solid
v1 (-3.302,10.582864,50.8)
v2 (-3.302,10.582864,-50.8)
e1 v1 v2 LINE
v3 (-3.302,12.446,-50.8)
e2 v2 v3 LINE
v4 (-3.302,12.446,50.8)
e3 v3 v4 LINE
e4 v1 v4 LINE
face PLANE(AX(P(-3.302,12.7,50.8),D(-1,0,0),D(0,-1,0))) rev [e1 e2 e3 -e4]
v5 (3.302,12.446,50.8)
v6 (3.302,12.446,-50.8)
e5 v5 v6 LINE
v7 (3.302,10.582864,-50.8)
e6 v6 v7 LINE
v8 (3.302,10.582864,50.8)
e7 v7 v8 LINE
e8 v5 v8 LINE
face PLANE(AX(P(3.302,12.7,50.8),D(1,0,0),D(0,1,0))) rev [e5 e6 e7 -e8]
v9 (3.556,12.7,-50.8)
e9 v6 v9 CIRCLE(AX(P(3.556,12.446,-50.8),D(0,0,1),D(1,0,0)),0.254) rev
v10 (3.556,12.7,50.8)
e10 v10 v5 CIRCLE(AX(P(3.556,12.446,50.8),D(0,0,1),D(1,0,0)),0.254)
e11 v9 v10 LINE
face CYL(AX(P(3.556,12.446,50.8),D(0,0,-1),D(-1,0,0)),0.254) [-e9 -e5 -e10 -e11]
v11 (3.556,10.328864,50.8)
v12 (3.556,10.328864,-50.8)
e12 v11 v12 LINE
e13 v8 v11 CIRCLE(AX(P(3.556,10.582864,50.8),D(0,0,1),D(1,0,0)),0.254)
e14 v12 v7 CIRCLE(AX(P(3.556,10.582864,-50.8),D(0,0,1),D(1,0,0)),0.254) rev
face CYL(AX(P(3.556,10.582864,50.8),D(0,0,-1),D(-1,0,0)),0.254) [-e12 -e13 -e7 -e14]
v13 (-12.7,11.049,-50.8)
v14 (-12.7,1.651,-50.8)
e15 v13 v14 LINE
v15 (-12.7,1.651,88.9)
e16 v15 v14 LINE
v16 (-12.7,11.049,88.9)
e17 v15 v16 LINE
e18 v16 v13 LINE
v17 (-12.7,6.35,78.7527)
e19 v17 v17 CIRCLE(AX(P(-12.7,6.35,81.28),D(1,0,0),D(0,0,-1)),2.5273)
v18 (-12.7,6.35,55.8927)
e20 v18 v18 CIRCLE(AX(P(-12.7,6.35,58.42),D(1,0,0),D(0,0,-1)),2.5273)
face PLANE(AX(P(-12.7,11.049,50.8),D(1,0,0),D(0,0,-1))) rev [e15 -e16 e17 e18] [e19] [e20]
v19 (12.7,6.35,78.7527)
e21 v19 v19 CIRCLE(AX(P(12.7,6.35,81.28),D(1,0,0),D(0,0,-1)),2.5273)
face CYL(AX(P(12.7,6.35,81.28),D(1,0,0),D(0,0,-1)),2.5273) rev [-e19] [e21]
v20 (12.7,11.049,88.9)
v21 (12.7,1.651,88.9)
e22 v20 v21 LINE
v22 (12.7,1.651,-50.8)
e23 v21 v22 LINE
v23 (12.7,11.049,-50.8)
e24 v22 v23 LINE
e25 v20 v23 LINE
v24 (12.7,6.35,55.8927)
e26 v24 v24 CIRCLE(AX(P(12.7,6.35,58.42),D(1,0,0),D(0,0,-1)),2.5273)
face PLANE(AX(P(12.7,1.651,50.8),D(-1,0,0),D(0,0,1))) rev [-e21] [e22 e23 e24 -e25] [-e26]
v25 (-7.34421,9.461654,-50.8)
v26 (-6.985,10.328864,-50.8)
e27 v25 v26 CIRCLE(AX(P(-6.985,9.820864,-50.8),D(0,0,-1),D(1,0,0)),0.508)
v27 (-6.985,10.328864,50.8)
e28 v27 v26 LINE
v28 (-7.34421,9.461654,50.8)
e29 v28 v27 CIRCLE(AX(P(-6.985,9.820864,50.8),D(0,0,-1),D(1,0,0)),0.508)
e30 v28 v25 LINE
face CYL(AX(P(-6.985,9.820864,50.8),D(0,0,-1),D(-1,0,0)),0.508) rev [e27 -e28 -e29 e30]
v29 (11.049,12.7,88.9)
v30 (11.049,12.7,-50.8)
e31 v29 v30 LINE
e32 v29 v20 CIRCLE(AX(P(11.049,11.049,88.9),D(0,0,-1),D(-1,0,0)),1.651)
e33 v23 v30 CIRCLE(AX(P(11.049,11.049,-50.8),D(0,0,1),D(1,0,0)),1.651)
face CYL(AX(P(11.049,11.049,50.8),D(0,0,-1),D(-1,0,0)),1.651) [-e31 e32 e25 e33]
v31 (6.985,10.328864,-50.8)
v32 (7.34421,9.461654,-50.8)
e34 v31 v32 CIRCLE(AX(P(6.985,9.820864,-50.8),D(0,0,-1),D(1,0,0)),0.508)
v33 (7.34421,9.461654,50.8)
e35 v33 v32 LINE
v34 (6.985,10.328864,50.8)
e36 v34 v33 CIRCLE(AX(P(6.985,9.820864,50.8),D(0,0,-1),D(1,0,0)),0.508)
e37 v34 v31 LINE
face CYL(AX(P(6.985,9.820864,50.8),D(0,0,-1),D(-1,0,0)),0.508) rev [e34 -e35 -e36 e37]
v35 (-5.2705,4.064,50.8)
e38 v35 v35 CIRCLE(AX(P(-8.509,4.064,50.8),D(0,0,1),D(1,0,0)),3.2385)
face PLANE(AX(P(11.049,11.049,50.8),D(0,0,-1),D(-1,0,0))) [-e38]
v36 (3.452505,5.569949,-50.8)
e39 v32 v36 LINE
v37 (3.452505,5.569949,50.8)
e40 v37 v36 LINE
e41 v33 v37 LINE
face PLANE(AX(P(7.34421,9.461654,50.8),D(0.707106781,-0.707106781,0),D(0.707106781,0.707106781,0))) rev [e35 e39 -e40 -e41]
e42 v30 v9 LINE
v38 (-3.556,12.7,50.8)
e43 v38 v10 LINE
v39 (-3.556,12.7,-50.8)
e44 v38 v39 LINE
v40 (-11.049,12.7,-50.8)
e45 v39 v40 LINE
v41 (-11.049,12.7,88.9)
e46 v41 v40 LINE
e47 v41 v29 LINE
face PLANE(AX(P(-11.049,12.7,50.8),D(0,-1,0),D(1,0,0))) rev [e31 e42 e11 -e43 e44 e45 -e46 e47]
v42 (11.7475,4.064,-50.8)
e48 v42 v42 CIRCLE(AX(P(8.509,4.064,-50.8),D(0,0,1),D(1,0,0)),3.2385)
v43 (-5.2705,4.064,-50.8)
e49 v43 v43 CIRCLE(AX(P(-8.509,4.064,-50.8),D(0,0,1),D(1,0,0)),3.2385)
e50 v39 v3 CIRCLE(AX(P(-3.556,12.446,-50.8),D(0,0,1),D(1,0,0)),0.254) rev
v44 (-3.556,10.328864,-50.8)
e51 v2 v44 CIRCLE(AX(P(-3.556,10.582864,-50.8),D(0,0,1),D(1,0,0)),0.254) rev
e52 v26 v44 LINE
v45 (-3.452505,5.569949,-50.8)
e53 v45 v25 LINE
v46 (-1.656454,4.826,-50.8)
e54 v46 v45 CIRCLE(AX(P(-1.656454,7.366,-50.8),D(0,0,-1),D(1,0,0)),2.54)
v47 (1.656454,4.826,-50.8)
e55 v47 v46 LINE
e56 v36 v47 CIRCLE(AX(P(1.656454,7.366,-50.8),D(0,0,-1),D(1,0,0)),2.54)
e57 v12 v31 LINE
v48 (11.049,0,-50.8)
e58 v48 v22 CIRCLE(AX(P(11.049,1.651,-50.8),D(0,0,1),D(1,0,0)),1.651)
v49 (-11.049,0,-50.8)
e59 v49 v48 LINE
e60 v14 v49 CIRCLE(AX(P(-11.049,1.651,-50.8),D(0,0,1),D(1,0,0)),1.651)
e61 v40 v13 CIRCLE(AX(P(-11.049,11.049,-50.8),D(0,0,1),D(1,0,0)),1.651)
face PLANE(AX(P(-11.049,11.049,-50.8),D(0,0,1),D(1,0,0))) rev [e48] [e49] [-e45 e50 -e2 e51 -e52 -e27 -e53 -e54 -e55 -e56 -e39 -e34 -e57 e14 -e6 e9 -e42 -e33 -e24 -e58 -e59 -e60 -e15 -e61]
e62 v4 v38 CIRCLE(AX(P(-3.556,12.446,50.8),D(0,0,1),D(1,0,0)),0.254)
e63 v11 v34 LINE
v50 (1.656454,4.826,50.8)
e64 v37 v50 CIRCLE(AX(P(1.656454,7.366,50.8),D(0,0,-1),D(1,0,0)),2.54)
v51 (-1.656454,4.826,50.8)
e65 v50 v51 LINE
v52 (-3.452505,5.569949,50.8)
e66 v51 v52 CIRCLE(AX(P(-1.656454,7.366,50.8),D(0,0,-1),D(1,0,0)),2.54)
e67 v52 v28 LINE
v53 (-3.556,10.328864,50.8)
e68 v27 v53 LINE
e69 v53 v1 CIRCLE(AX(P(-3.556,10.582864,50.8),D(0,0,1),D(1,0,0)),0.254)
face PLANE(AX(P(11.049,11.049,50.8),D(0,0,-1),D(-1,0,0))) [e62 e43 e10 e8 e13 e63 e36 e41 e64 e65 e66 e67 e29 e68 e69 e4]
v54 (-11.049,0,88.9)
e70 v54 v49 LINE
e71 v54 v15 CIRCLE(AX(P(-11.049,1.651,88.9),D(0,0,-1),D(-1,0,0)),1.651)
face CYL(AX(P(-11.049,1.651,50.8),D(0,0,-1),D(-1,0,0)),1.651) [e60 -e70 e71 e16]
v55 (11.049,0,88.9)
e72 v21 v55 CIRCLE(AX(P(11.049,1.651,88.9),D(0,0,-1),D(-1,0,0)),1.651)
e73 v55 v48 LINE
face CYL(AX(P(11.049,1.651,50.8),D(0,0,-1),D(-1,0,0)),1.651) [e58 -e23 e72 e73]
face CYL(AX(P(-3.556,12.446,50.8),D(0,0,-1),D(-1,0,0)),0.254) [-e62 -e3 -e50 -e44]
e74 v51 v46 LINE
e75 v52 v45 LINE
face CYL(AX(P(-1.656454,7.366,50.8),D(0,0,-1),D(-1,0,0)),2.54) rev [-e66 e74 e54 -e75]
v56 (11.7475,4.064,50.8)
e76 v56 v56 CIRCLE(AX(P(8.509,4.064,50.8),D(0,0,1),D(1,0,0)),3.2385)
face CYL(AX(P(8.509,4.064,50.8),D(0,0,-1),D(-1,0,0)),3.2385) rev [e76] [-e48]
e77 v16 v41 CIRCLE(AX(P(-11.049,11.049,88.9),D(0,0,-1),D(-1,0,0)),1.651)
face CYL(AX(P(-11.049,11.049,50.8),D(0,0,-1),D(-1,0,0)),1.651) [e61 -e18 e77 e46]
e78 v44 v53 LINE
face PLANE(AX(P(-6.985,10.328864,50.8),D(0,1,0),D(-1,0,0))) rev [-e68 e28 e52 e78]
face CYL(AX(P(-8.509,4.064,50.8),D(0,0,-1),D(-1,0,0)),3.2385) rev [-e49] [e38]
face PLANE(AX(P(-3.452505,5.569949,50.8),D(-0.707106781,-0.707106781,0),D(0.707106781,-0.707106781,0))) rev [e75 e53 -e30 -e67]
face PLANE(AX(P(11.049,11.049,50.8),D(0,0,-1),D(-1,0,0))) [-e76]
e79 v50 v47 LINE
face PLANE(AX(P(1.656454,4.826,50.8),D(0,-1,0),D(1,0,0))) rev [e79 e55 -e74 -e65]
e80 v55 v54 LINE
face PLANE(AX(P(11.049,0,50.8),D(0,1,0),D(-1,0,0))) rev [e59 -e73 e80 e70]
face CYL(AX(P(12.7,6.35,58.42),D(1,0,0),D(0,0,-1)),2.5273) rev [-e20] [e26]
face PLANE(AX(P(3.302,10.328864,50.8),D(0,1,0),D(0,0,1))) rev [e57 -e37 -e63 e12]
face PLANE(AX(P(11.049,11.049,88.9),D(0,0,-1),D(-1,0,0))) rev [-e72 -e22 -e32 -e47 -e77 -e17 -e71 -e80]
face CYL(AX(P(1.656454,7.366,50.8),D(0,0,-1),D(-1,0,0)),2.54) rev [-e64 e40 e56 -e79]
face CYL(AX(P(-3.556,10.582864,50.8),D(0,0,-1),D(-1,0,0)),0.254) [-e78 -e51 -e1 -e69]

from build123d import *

# Parameters (mm, degrees)
SKETCH3_R                  = 3.2385
BOSS_EXTRUDE1_DEPTH        = 50.8
FILLET1_R                  = 0.254
BOSS_EXTRUDE2_DEPTH        = 38.1
F_8_0_199_DIAMETER_HOLE1_D = 5.0546
LPATTERN1_COUNT            = 2
LPATTERN1_PITCH            = 22.86


with BuildPart() as part:
    # Sketch3 → Boss-Extrude1 (new body, symmetric)
    with BuildSketch(Plane.XY):
        with BuildLine():
            Line((-11.049, 12.7), (-3.302, 12.7))
            Line((-3.302, 12.7), (-3.302, 10.328863887))
            Line((-3.302, 10.328863887), (-6.985, 10.328863887))
            ThreePointArc((-6.985, 10.328863887), (-7.454330803, 10.01526707), (-7.344210245, 9.461653642))
            Line((-7.344210245, 9.461653642), (-3.452505379, 5.569948776))
            ThreePointArc((-3.452505379, 5.569948776), (-2.628470073, 5.019345987), (-1.656454155, 4.826))
            Line((-1.656454155, 4.826), (1.656454155, 4.826))
            ThreePointArc((1.656454155, 4.826), (2.628470073, 5.019345987), (3.452505379, 5.569948776))
            Line((3.452505379, 5.569948776), (7.344210245, 9.461653642))
            ThreePointArc((7.344210245, 9.461653642), (7.454330803, 10.01526707), (6.985, 10.328863887))
            Line((6.985, 10.328863887), (3.302, 10.328863887))
            Line((3.302, 10.328863887), (3.302, 12.7))
            Line((3.302, 12.7), (11.049, 12.7))
            ThreePointArc((11.049, 12.7), (12.216433296, 12.216433296), (12.7, 11.049))
            Line((12.7, 11.049), (12.7, 1.651))
            ThreePointArc((12.7, 1.651), (12.216433296, 0.483566704), (11.049, 0))
            Line((11.049, 0), (-11.049, 0))
            ThreePointArc((-11.049, 0), (-12.216433296, 0.483566704), (-12.7, 1.651))
            Line((-12.7, 1.651), (-12.7, 11.049))
            ThreePointArc((-12.7, 11.049), (-12.216433296, 12.216433296), (-11.049, 12.7))
        make_face()
        with Locations((8.509, 4.064)):
            Circle(SKETCH3_R, mode=Mode.SUBTRACT)
        with Locations((-8.509, 4.064)):
            Circle(SKETCH3_R, mode=Mode.SUBTRACT)
    extrude(amount=BOSS_EXTRUDE1_DEPTH, both=True)

    # Fillet1
    fillet1_edges = [part.edges().sort_by_distance(p)[0] for p in [
        (-3.302, 12.7, 0),
        (-3.302, 10.328863887, 0),
        (3.302, 10.328863887, 0),
        (3.302, 12.7, 0),
    ]]
    fillet(fillet1_edges, radius=FILLET1_R)

    # Sketch4 → Boss-Extrude2 (add)
    with BuildSketch(Plane(origin=(0, 0, 50.8), x_dir=(-1, 0, 0), z_dir=(0, 0, -1))):
        with BuildLine():
            Line((3.556, 12.7), (-11.049, 12.7))
            ThreePointArc((-11.049, 12.7), (-12.216433296, 12.216433296), (-12.7, 11.049))
            Line((-12.7, 11.049), (-12.7, 1.651))
            ThreePointArc((-12.7, 1.651), (-12.216433296, 0.483566704), (-11.049, 0))
            Line((-11.049, 0), (11.049, 0))
            ThreePointArc((11.049, 0), (12.216433296, 0.483566704), (12.7, 1.651))
            Line((12.7, 1.651), (12.7, 11.049))
            ThreePointArc((12.7, 11.049), (12.216433296, 12.216433296), (11.049, 12.7))
            Line((11.049, 12.7), (3.556, 12.7))
        make_face()
    extrude(amount=-BOSS_EXTRUDE2_DEPTH)

    # #8 (0.199) Diameter Hole1 (through all)
    with Locations(Plane(origin=(12.7, 0, 0), x_dir=(0, 0, -1), z_dir=(1, 0, 0))):
        with Locations((-81.28, 6.35)):
            f_8_0_199_diameter_hole1 = Hole(F_8_0_199_DIAMETER_HOLE1_D / 2)

    # LPattern1: #8 (0.199) Diameter Hole1 ×2
    with Locations(*[(0, 0, -i * LPATTERN1_PITCH) for i in range(1, LPATTERN1_COUNT)]):
        add(f_8_0_199_diameter_hole1, mode=Mode.SUBTRACT)


solid = part.part
